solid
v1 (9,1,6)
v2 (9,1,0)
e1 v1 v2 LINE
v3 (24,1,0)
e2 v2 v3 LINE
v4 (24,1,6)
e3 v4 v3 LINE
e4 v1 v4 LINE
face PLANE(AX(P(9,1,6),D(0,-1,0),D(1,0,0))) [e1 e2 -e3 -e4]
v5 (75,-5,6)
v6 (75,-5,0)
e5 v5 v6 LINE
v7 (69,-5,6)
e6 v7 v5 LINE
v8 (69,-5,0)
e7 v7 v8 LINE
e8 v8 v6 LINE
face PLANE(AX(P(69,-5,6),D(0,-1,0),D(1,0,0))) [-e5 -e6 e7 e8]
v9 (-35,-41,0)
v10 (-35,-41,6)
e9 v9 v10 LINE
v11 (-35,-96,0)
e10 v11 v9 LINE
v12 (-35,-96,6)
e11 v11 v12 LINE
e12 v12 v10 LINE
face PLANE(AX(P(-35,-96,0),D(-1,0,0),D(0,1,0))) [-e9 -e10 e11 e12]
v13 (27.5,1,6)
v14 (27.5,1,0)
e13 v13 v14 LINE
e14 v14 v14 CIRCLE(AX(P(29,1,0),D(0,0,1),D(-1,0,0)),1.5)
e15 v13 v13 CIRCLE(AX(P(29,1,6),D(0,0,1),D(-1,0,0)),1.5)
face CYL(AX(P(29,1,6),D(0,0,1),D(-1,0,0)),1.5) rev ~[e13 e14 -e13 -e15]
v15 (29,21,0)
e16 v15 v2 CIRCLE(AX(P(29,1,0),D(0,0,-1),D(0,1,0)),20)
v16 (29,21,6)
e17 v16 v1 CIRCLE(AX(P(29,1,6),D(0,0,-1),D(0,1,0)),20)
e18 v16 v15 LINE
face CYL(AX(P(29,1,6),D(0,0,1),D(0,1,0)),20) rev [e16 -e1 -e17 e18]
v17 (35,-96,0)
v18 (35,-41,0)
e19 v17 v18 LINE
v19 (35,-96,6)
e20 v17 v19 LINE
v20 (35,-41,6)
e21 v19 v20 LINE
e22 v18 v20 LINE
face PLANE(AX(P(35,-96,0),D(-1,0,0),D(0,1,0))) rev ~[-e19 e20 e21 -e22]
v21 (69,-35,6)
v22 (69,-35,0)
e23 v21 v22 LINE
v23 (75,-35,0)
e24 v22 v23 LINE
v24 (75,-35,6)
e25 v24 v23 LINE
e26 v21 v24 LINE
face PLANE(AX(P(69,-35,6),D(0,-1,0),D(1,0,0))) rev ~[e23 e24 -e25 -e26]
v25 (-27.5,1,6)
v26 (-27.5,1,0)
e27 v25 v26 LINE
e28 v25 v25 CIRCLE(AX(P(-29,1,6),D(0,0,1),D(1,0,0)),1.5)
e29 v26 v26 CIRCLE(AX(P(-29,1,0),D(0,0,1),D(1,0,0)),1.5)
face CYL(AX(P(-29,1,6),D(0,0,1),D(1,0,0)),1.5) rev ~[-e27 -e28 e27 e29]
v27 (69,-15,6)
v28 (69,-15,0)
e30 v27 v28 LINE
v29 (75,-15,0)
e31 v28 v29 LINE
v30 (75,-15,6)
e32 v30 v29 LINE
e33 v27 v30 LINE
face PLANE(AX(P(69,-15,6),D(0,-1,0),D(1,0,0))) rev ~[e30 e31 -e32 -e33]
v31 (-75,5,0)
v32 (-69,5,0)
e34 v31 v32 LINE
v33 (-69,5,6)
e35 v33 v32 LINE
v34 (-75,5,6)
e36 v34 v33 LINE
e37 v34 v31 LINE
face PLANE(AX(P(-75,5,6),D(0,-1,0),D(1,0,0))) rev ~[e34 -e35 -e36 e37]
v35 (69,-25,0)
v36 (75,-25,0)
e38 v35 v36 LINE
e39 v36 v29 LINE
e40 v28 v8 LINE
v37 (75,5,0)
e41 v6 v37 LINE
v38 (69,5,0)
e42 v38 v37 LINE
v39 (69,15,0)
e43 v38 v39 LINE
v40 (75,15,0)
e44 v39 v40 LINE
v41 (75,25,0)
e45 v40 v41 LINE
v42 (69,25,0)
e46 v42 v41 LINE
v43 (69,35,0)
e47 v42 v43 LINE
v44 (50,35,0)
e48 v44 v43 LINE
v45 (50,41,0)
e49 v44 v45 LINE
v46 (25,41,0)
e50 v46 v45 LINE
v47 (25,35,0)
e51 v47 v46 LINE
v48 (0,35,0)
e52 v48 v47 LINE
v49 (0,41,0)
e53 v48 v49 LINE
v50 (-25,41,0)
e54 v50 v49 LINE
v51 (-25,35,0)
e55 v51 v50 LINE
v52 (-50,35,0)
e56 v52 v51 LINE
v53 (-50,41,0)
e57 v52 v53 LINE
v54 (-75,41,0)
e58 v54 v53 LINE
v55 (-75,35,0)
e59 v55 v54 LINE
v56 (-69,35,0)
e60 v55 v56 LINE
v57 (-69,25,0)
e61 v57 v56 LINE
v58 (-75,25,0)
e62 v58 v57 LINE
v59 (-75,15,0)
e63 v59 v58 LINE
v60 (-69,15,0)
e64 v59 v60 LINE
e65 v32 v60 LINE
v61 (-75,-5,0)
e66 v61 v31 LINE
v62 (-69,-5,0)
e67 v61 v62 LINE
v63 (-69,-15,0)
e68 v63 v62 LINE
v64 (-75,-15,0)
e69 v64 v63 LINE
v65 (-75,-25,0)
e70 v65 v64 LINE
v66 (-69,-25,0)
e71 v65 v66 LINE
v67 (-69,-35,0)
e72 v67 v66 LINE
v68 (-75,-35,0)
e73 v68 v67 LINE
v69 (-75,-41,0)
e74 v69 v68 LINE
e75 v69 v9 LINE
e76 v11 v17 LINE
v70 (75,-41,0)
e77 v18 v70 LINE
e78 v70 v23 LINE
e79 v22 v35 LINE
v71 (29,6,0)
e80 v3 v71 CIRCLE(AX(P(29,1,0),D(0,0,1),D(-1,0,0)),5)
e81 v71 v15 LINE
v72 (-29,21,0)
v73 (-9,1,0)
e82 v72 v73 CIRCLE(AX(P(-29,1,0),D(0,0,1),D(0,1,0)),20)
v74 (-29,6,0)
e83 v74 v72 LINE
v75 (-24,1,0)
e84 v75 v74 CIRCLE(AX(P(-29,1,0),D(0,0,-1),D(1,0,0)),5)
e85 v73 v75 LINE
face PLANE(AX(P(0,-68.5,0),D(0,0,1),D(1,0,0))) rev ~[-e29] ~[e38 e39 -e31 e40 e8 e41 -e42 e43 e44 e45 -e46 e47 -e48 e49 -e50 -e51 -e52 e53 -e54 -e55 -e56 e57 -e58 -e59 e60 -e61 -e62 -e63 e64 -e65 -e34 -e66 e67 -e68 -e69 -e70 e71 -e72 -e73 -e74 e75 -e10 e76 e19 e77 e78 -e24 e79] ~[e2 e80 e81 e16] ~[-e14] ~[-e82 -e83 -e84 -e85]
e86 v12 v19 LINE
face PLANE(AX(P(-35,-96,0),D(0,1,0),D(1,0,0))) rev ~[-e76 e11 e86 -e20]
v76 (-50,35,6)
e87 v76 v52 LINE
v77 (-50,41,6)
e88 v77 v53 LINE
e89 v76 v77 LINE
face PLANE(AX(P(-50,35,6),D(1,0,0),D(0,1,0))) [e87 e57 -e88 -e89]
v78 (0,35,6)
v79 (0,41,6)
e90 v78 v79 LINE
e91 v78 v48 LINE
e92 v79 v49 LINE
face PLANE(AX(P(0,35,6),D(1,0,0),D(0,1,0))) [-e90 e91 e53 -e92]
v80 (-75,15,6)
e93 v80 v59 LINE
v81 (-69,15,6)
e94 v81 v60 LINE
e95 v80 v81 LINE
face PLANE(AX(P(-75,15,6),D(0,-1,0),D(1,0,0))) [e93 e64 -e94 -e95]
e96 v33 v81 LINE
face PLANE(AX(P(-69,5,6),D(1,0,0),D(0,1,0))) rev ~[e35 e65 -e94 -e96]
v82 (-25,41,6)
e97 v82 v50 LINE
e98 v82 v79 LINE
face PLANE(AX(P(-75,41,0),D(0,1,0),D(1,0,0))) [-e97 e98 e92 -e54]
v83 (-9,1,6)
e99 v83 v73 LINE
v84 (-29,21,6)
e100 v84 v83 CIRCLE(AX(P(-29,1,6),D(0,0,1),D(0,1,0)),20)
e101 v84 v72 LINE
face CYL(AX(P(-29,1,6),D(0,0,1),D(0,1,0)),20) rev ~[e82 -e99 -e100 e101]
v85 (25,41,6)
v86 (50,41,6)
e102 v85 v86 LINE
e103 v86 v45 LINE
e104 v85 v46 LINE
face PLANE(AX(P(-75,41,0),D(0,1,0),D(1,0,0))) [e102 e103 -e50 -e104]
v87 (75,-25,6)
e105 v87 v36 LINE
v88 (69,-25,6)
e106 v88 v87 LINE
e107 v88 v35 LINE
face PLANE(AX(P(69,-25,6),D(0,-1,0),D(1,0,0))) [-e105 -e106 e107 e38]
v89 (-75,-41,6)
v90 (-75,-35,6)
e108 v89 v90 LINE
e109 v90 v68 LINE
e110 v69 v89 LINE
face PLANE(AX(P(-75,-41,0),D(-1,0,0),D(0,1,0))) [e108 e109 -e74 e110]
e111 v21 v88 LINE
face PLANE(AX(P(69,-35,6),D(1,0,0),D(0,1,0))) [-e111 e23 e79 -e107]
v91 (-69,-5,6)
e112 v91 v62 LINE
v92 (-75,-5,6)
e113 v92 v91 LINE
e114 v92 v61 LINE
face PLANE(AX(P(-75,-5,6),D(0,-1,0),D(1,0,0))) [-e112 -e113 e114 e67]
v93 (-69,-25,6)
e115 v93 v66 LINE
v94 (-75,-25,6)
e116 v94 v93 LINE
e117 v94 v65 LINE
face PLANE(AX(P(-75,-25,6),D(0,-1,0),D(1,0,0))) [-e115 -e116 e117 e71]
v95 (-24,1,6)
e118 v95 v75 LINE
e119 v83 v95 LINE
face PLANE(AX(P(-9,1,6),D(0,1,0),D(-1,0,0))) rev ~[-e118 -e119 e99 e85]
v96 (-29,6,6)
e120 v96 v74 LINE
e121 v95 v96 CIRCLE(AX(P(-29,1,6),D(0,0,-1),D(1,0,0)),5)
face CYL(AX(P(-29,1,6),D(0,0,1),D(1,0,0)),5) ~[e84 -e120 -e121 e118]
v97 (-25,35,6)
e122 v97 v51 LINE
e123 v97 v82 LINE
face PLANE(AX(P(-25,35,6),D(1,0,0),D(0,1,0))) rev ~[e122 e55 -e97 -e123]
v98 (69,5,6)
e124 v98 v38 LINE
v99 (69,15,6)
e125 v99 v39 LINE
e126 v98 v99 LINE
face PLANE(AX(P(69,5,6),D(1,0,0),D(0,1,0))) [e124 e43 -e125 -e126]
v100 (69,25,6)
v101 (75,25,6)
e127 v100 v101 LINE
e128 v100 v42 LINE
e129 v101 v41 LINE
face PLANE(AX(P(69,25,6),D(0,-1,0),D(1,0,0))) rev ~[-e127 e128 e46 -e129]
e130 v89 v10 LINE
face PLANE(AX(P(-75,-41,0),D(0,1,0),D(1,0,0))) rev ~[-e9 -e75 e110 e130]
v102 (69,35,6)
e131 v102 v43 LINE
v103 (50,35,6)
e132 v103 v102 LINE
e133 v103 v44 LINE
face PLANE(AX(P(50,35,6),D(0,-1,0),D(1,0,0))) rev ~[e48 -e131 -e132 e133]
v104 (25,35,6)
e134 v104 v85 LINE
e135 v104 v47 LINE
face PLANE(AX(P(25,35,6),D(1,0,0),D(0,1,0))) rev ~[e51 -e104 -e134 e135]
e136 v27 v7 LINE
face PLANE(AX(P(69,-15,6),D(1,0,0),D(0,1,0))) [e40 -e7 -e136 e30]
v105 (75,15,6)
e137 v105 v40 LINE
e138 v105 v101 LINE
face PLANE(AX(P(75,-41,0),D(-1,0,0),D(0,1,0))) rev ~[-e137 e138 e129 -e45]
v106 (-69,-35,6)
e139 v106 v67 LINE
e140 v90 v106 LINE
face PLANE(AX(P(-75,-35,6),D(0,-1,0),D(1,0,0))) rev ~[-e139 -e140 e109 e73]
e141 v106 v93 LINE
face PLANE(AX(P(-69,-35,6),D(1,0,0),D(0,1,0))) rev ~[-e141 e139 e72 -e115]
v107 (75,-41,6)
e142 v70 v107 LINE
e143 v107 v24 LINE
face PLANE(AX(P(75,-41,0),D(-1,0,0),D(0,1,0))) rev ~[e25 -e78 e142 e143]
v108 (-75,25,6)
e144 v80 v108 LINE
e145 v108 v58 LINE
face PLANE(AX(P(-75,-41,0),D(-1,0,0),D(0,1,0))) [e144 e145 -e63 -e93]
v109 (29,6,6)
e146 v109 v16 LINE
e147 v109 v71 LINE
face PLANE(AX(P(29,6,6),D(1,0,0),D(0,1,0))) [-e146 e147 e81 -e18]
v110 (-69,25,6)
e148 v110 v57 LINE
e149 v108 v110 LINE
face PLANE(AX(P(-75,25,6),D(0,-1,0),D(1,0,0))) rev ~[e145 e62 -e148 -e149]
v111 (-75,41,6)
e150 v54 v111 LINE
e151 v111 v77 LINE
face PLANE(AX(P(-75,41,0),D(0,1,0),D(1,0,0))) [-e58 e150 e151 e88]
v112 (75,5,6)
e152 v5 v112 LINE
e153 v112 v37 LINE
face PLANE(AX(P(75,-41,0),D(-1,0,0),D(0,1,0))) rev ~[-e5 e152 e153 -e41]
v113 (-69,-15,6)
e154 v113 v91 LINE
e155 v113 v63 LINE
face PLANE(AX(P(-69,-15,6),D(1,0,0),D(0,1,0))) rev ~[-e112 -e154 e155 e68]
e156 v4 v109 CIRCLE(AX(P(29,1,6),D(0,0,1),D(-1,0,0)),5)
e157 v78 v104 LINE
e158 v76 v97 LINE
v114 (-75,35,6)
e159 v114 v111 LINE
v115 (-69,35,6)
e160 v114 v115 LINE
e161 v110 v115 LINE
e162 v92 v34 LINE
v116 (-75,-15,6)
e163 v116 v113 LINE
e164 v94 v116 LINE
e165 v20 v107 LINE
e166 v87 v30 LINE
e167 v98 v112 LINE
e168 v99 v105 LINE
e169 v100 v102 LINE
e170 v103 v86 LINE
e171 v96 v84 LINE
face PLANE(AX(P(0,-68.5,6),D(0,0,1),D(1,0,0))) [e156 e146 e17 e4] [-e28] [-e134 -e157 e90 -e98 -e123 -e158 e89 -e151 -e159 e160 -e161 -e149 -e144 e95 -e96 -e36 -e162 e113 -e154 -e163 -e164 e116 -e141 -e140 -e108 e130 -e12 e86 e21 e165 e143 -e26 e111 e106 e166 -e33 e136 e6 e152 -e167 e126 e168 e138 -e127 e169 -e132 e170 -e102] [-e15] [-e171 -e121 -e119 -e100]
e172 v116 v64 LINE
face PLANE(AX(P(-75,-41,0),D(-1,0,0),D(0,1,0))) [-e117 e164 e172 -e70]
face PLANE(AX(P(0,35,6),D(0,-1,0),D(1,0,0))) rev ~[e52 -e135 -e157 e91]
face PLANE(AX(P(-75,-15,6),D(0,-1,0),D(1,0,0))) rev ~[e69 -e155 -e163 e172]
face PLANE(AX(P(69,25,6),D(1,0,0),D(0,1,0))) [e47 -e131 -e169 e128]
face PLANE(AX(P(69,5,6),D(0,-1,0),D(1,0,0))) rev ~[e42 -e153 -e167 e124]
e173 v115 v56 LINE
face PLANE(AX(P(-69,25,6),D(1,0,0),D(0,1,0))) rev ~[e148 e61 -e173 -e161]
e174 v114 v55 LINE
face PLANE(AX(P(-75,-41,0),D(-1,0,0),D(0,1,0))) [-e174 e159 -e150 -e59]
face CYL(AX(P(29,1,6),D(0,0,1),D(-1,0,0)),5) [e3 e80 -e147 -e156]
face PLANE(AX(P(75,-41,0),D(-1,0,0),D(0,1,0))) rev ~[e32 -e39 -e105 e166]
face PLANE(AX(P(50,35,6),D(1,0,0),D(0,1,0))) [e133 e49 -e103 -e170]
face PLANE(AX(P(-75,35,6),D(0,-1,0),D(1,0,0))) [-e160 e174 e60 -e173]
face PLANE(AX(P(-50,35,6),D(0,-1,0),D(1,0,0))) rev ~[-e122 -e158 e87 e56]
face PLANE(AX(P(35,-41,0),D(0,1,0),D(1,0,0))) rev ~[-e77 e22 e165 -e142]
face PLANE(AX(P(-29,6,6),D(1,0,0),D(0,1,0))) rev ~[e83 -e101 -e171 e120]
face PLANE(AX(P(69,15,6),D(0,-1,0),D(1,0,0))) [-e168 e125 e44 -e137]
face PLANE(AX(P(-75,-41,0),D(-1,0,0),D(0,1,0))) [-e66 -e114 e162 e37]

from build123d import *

# Parameters (mm, degrees)
SKETCH1_W           = 70
SKETCH1_H           = 55
SKETCH1_W_2         = 150
SKETCH1_H_2         = 82
BOSS_EXTRUDE1_DEPTH = 6
SKETCH2_W           = 6
SKETCH2_H           = 10
CUT_EXTRUDE1_DEPTH  = 10
SKETCH3_R           = 1.5
CUT_EXTRUDE2_DEPTH  = 6
SKETCH4_W           = 25
SKETCH4_H           = 6
CUT_EXTRUDE3_DEPTH  = 6


with BuildPart() as part:
    # Sketch1 → Boss-Extrude1 (new body)
    with BuildSketch(Plane.XY):
        with Locations((0, -68.5)):
            Rectangle(SKETCH1_W, SKETCH1_H)
        Rectangle(SKETCH1_W_2, SKETCH1_H_2)
    extrude(amount=BOSS_EXTRUDE1_DEPTH)

    # Sketch2 → Cut-Extrude1 (cut)
    with BuildSketch(Plane.XY.offset(6)):
        with Locations((-72, 30)):
            Rectangle(SKETCH2_W, SKETCH2_H)
        with Locations((72, 30)):
            Rectangle(SKETCH2_W, SKETCH2_H)
        with Locations((72, 10)):
            Rectangle(SKETCH2_W, SKETCH2_H)
        with Locations((-72, 10)):
            Rectangle(SKETCH2_W, SKETCH2_H)
        with Locations((-72, -10)):
            Rectangle(SKETCH2_W, SKETCH2_H)
        with Locations((72, -10)):
            Rectangle(SKETCH2_W, SKETCH2_H)
        with Locations((-72, -30)):
            Rectangle(SKETCH2_W, SKETCH2_H)
        with Locations((72, -30)):
            Rectangle(SKETCH2_W, SKETCH2_H)
    extrude(amount=-CUT_EXTRUDE1_DEPTH, mode=Mode.SUBTRACT)

    # Sketch3 → Cut-Extrude2 (cut)
    with BuildSketch(Plane.XY.offset(6)):
        with Locations((-29, 1)):
            Circle(SKETCH3_R)
        with Locations(Location((29, 1, 0), (0, 0, 180))):
            Circle(SKETCH3_R)
        with BuildLine():
            Line((-9, 1), (-24, 1))
            ThreePointArc((-24, 1), (-32.535533906, -2.535533906), (-29, 6))
            Line((-29, 6), (-29, 21))
            ThreePointArc((-29, 21), (-43.142135624, -13.142135624), (-9, 1))
        make_face()
        with BuildLine():
            Line((9, 1), (24, 1))
            ThreePointArc((24, 1), (32.535533906, -2.535533906), (29, 6))
            Line((29, 6), (29, 21))
            ThreePointArc((29, 21), (43.142135624, -13.142135624), (9, 1))
        make_face()
    extrude(amount=-CUT_EXTRUDE2_DEPTH, mode=Mode.SUBTRACT)

    # Sketch4 → Cut-Extrude3 (cut)
    with BuildSketch(Plane.XY.offset(6)):
        with Locations((12.5, 38)):
            Rectangle(SKETCH4_W, SKETCH4_H)
        with Locations((62.5, 38)):
            Rectangle(SKETCH4_W, SKETCH4_H)
        with Locations((-37.5, 38)):
            Rectangle(SKETCH4_W, SKETCH4_H)
    extrude(amount=-CUT_EXTRUDE3_DEPTH, mode=Mode.SUBTRACT)


solid = part.part
